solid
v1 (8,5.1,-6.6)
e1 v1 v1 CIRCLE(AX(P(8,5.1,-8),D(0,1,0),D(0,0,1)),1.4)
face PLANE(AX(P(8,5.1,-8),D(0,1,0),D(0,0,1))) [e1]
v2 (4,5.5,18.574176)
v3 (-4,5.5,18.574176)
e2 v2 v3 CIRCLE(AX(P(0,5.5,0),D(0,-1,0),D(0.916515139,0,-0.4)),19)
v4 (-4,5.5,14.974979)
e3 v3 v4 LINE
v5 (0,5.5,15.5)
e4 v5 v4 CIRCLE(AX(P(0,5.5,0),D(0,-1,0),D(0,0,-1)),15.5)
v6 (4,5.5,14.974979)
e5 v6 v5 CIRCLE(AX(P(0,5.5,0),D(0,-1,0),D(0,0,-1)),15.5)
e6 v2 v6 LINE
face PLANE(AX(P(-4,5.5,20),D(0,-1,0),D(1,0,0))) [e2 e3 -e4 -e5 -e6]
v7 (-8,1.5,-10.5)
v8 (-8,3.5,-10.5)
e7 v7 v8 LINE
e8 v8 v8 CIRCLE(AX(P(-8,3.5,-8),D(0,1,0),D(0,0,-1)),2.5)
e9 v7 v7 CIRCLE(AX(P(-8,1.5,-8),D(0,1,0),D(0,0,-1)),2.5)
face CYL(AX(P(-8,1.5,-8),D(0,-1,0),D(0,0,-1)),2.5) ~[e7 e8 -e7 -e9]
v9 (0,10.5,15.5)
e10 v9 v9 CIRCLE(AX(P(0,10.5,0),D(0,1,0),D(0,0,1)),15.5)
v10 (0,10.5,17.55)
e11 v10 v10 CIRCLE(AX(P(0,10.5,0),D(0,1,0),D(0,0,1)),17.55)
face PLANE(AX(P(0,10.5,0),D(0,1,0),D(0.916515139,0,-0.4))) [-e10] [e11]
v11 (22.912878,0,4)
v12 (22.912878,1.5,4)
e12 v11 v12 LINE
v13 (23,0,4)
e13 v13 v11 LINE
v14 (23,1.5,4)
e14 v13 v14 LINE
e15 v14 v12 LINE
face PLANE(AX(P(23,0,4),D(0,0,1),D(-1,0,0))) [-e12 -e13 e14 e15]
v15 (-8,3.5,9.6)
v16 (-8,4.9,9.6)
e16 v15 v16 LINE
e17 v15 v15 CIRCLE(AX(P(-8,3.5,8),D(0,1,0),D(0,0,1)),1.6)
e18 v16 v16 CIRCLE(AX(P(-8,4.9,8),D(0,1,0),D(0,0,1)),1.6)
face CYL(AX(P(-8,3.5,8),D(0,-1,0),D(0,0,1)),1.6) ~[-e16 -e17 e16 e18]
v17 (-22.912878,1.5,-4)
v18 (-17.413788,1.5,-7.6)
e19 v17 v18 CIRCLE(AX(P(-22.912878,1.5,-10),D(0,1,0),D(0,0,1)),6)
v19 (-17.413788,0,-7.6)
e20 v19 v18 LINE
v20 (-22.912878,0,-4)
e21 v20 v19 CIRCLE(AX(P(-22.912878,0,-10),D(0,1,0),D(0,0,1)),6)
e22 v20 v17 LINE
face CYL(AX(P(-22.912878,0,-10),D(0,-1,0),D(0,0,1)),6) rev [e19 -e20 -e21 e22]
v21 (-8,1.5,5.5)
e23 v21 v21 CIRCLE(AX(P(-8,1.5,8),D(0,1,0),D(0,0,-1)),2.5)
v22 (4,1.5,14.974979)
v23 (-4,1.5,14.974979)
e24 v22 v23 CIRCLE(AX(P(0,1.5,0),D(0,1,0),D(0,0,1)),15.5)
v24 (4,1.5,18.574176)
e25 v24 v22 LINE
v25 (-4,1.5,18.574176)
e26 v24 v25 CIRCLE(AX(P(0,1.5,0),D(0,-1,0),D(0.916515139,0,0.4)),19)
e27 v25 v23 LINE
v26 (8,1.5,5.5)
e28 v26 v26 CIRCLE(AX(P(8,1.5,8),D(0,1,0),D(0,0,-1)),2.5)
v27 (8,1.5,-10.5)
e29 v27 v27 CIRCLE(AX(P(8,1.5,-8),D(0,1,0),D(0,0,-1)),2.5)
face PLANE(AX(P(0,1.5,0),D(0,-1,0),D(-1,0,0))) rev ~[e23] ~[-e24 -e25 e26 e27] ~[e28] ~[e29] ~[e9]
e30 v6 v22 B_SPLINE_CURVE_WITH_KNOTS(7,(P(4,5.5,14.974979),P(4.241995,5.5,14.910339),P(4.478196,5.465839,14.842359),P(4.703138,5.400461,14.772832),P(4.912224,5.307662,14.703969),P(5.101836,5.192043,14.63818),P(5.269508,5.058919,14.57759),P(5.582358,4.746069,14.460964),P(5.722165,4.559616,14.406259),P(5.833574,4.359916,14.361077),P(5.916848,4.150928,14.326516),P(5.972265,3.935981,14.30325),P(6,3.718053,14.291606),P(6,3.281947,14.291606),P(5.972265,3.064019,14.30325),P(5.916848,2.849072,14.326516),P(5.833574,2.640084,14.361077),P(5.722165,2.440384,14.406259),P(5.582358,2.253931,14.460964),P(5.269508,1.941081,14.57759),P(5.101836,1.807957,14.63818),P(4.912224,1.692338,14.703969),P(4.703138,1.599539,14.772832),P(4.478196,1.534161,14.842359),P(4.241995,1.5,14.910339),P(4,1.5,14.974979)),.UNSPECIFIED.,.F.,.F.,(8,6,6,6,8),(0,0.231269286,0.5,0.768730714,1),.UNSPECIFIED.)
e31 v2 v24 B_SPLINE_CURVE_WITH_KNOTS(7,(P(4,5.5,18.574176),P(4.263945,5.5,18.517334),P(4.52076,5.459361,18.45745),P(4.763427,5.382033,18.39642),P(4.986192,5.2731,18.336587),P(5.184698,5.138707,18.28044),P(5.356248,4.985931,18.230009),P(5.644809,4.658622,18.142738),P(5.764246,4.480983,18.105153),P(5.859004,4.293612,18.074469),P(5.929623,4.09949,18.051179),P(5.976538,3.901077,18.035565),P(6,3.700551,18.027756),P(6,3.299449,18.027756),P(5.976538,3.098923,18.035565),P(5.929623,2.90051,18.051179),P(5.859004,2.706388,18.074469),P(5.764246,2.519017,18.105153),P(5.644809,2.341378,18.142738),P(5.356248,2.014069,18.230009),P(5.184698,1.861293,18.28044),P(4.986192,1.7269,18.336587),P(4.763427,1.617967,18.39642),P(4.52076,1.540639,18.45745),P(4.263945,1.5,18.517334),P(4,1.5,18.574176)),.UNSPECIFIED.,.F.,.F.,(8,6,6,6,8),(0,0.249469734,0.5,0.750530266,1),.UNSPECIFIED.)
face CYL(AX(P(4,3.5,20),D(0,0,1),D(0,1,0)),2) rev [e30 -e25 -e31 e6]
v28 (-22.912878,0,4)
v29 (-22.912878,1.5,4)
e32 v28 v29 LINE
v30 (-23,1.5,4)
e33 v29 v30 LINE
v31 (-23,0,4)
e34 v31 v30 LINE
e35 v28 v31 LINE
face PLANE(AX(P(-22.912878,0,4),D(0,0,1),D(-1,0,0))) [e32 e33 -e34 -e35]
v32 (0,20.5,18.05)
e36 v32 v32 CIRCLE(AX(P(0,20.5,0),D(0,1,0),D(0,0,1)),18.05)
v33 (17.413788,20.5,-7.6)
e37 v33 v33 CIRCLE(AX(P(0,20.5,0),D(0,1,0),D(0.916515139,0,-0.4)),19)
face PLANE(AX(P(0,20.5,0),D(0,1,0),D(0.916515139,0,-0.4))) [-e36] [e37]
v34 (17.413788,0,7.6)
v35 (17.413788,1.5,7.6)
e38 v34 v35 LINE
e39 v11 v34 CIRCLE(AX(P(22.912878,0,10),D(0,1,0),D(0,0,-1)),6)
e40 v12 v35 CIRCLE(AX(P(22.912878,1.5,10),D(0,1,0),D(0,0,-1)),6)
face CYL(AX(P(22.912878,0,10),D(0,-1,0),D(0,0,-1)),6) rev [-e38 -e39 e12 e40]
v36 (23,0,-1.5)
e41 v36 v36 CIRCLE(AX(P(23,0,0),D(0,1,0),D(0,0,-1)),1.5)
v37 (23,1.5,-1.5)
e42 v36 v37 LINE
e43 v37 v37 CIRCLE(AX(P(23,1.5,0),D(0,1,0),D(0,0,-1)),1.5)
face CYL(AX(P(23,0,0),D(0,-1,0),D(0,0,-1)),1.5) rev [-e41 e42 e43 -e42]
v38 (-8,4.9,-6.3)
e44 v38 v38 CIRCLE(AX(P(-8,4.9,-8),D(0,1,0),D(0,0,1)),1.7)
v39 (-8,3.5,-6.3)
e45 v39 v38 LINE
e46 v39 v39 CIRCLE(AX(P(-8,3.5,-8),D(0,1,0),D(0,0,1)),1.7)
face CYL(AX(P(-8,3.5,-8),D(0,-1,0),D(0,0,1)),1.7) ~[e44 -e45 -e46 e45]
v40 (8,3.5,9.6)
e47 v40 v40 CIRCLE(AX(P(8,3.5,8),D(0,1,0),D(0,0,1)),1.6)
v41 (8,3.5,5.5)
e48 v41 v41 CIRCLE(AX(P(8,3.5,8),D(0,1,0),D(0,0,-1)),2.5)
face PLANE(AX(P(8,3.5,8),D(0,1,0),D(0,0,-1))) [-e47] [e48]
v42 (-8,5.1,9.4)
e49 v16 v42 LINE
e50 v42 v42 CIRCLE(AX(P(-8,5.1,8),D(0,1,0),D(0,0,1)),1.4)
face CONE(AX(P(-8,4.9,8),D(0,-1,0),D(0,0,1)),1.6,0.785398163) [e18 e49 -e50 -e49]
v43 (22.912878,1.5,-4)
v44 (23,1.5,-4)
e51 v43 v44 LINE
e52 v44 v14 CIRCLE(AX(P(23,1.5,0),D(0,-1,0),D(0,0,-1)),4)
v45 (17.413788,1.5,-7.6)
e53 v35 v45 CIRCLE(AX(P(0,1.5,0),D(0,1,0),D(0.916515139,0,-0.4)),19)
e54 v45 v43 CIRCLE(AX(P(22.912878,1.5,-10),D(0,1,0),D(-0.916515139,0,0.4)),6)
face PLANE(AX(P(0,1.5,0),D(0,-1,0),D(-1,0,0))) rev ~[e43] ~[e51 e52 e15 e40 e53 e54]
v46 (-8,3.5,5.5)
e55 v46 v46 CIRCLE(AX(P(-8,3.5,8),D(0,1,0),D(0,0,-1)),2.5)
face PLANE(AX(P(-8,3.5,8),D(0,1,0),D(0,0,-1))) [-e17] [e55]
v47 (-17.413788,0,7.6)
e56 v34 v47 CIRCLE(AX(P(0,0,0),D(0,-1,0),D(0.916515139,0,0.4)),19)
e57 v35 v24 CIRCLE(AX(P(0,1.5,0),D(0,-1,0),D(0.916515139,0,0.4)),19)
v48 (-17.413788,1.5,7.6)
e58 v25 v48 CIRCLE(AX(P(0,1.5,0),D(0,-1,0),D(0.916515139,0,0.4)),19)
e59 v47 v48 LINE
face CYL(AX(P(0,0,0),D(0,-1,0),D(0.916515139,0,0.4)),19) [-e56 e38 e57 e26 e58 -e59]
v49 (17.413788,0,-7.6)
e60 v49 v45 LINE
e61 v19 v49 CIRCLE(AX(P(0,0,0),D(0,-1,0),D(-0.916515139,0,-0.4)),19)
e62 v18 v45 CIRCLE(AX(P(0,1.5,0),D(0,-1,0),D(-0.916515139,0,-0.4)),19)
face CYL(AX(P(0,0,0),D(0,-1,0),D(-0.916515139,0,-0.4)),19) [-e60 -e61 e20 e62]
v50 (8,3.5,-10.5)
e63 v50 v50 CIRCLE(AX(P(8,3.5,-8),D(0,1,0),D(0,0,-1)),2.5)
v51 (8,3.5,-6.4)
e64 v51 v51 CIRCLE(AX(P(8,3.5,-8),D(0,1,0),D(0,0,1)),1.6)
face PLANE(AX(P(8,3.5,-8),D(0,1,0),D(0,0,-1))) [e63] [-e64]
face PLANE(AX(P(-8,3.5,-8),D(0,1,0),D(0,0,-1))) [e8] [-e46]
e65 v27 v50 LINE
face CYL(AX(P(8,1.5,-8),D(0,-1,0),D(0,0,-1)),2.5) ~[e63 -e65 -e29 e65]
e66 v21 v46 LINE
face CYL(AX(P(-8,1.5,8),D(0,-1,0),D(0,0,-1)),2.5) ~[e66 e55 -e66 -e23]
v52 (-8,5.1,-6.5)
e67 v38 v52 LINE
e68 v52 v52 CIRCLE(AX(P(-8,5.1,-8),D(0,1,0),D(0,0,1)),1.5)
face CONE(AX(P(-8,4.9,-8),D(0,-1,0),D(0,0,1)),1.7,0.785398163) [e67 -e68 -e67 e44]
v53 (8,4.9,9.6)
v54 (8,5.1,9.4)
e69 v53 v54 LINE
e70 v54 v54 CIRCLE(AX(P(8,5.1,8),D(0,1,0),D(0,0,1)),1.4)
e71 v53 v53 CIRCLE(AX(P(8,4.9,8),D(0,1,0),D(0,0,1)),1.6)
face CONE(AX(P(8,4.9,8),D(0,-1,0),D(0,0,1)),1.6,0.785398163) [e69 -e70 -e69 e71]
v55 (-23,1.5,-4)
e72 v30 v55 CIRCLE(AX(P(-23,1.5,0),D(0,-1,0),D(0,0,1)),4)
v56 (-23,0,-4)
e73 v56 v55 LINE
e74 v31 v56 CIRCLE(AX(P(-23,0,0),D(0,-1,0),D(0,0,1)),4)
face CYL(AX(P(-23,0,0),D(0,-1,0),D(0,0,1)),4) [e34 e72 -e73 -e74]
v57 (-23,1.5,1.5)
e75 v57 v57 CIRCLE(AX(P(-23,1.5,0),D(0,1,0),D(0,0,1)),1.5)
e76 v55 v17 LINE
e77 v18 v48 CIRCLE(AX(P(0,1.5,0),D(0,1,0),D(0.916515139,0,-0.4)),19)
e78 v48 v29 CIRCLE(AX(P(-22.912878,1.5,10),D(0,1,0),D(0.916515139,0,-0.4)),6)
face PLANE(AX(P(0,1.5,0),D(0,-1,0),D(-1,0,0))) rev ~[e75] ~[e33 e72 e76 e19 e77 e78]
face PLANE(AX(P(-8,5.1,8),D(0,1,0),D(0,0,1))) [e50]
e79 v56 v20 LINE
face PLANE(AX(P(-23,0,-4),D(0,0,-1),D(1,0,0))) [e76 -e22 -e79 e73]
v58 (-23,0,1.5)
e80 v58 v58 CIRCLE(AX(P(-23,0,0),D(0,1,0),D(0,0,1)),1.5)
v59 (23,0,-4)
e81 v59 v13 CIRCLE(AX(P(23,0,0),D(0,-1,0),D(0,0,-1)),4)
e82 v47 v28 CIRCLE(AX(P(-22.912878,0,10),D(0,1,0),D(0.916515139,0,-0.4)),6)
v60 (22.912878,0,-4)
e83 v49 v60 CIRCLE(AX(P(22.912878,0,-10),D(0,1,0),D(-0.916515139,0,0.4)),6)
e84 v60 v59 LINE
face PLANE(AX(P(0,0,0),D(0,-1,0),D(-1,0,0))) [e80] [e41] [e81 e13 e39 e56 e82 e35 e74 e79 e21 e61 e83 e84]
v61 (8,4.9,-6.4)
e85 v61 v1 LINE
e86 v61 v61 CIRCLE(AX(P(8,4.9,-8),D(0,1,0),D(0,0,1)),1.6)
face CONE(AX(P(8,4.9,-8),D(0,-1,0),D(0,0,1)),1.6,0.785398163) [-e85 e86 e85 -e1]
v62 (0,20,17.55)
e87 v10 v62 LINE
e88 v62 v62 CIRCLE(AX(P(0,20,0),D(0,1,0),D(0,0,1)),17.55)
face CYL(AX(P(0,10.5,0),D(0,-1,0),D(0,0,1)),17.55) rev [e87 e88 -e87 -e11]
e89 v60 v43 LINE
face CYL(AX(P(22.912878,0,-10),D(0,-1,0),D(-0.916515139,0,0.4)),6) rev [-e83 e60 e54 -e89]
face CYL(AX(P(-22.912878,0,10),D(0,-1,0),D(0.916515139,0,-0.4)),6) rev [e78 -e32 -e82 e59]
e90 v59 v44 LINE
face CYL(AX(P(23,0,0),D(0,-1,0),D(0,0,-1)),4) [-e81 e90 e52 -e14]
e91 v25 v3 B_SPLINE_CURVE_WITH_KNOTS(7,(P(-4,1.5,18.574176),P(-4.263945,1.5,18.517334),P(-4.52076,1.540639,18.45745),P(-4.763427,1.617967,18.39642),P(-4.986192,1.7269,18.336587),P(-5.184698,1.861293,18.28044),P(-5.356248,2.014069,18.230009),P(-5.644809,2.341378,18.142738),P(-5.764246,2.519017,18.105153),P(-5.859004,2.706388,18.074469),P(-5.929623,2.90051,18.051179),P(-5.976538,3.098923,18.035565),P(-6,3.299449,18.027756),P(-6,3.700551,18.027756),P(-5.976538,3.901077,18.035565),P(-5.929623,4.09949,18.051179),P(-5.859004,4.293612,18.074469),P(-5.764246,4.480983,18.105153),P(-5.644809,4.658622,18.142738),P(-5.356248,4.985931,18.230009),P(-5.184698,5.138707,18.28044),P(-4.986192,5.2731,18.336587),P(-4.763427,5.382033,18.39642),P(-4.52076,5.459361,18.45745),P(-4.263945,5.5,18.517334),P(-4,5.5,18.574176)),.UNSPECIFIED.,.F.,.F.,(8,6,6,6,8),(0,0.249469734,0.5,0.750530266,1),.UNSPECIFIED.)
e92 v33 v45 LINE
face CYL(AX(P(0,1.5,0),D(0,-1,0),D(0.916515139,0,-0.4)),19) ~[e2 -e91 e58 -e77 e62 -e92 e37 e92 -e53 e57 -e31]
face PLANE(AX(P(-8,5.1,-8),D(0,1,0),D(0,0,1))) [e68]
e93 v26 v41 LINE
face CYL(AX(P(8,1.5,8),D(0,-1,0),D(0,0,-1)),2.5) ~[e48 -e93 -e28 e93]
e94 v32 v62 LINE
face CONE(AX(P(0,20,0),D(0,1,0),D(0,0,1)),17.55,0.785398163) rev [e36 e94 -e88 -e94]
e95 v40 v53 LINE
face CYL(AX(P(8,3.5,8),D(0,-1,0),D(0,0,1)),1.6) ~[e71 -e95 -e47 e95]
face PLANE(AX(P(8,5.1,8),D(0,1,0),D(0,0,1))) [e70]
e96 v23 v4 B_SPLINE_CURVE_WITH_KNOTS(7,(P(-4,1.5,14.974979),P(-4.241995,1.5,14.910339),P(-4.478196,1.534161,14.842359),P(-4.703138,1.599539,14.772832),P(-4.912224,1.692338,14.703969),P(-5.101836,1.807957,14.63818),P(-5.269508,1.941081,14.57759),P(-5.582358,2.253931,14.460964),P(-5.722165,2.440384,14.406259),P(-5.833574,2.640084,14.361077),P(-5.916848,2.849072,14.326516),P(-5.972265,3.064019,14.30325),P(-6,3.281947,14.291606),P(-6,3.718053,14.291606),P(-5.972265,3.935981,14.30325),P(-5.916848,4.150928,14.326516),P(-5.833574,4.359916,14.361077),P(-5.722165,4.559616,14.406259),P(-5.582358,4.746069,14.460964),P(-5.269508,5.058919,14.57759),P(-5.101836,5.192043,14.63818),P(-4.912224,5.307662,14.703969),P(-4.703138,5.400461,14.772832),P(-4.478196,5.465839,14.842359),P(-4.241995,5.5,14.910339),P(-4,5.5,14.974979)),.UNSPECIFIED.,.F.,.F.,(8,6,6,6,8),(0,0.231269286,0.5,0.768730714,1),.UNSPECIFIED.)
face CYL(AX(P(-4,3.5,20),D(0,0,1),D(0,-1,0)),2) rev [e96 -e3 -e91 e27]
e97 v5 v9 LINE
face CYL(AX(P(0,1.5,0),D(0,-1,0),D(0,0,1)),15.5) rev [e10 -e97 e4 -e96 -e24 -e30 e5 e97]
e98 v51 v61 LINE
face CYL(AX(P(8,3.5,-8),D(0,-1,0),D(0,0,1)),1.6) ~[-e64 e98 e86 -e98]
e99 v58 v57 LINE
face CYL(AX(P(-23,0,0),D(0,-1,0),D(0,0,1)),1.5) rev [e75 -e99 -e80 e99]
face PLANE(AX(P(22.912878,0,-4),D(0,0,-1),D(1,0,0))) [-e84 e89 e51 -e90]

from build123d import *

# Parameters (mm, degrees)
SKETCH_2_R               = 1.5
EXTRUDE_2_DEPTH          = 1.5
SKETCH_3_R               = 19
SKETCH_3_R_2             = 15.5
EXTRUDE_3_DEPTH          = 9
SKETCH_4_R               = 2.5
EXTRUDE_4_DEPTH          = 2
SKETCH_8_R               = 19
SKETCH_8_R_2             = 17.55
EXTRUDE_5_DEPTH          = 10
SKETCH_9_R               = 1.7
SKETCH_9_R_2             = 1.6
EXTRUDE_6_DEPTH          = 1.6
CUT_EXTRUDE_2_REACH      = 53.674
CUT_EXTRUDE_2_END_RADIUS = 15.5
CHAMFER_1_SIZE           = 0.5
CHAMFER_2_SIZE           = 0.2


with BuildPart() as part:
    # Эскиз2 → Бобышка-Вытянуть2 (new body)
    with BuildSketch(Plane(origin=(0, 0, 0), x_dir=(1, 0, 0), z_dir=(0, 1, 0))):
        with BuildLine():
            Line((-23, 4), (-22.912878475, 4))
            ThreePointArc((-22.912878475, 4), (-19.62654313, 4.980039841), (-17.413787641, 7.6))
            ThreePointArc((-17.413787641, 7.6), (0, 19), (17.413787641, 7.6))
            ThreePointArc((17.413787641, 7.6), (19.62654313, 4.980039841), (22.912878475, 4))
            Line((22.912878475, 4), (23, 4))
            ThreePointArc((23, 4), (27, 0), (23, -4))
            Line((23, -4), (22.912878475, -4))
            ThreePointArc((22.912878475, -4), (19.62654313, -4.980039841), (17.413787641, -7.6))
            ThreePointArc((17.413787641, -7.6), (0, -19), (-17.413787641, -7.6))
            ThreePointArc((-17.413787641, -7.6), (-19.62654313, -4.980039841), (-22.912878475, -4))
            Line((-22.912878475, -4), (-23, -4))
            ThreePointArc((-23, -4), (-27, 0), (-23, 4))
        make_face()
        with Locations(Location((-23, 0, 0), (0, 0, 270))):
            Circle(SKETCH_2_R, mode=Mode.SUBTRACT)
        with Locations(Location((23, 0, 0), (0, 0, 90))):
            Circle(SKETCH_2_R, mode=Mode.SUBTRACT)
    extrude(amount=EXTRUDE_2_DEPTH)

    # Эскиз3 → Бобышка-Вытянуть3 (add)
    with BuildSketch(Plane(origin=(0, 1.5, 0), x_dir=(1, 0, 0), z_dir=(0, 1, 0))):
        with Locations(Location((0, 0, 0), (0, 0, 23.578178478))):
            Circle(SKETCH_3_R)
        with Locations(Location((0, 0, 0), (0, 0, 270))):
            Circle(SKETCH_3_R_2, mode=Mode.SUBTRACT)
    extrude(amount=EXTRUDE_3_DEPTH)

    # Эскиз4 → Бобышка-Вытянуть4 (add)
    with BuildSketch(Plane(origin=(0, 1.5, 0), x_dir=(1, 0, 0), z_dir=(0, 1, 0))):
        with Locations(Location((-8, -8, 0), (0, 0, 90))):
            Circle(SKETCH_4_R)
        with Locations(Location((8, -8, 0), (0, 0, 90))):
            Circle(SKETCH_4_R)
        with Locations(Location((8, 8, 0), (0, 0, 90))):
            Circle(SKETCH_4_R)
        with Locations(Location((-8, 8, 0), (0, 0, 90))):
            Circle(SKETCH_4_R)
    extrude(amount=EXTRUDE_4_DEPTH)

    # Эскиз8 → Бобышка-Вытянуть5 (add)
    with BuildSketch(Plane(origin=(0, 10.5, 0), x_dir=(1, 0, 0), z_dir=(0, 1, 0))):
        with Locations(Location((0, 0, 0), (0, 0, 23.578178478))):
            Circle(SKETCH_8_R)
        with Locations(Location((0, 0, 0), (0, 0, 270))):
            Circle(SKETCH_8_R_2, mode=Mode.SUBTRACT)
    extrude(amount=EXTRUDE_5_DEPTH)

    # Эскиз9 → Бобышка-Вытянуть6 (add)
    with BuildSketch(Plane(origin=(0, 3.5, 0), x_dir=(1, 0, 0), z_dir=(0, 1, 0))):
        with Locations(Location((-8, 8, 0), (0, 0, 270))):
            Circle(SKETCH_9_R)
        with Locations(Location((8, 8, 0), (0, 0, 270))):
            Circle(SKETCH_9_R_2)
        with Locations(Location((-8, -8, 0), (0, 0, 270))):
            Circle(SKETCH_9_R_2)
        with Locations(Location((8, -8, 0), (0, 0, 270))):
            Circle(SKETCH_9_R_2)
    extrude(amount=EXTRUDE_6_DEPTH)

    # Вырез-Вытянуть2: up to this cylinder (the profile starts outside it)
    cut_extrude_2_end = Plane(origin=(0, 3.5, 0), z_dir=(0, -1, 0)) * Cylinder(CUT_EXTRUDE_2_END_RADIUS, 139.348, mode=Mode.PRIVATE)
    # Эскиз11 → Вырез-Вытянуть2 (cut, up to the surface)
    with BuildSketch(Plane.XY.offset(20), mode=Mode.PRIVATE) as cut_extrude_2_sk1:
        with BuildLine():
            Line((-4, 5.5), (4, 5.5))
            ThreePointArc((4, 5.5), (6, 3.5), (4, 1.5))
            Line((4, 1.5), (-4, 1.5))
            ThreePointArc((-4, 1.5), (-6, 3.5), (-4, 5.5))
        make_face()
    cut_extrude_2_tool1 = extrude(cut_extrude_2_sk1.sketch, amount=-CUT_EXTRUDE_2_REACH, mode=Mode.PRIVATE) - cut_extrude_2_end
    add(cut_extrude_2_tool1.solids().sort_by_distance((0, 3.5, 20))[0], mode=Mode.SUBTRACT)

    # Фаска1
    chamfer_1_edges = [part.edges().sort_by_distance(p)[0] for p in [
        (0, 20.5, -17.55),
    ]]
    chamfer(chamfer_1_edges, length=CHAMFER_1_SIZE)

    # Фаска2
    chamfer_2_edges = [part.edges().sort_by_distance(p)[0] for p in [
        (-8, 5.1, -9.7),
        (8, 5.1, -9.6),
        (-8, 5.1, 6.4),
        (8, 5.1, 6.4),
    ]]
    chamfer(chamfer_2_edges, length=CHAMFER_2_SIZE)


solid = part.part
